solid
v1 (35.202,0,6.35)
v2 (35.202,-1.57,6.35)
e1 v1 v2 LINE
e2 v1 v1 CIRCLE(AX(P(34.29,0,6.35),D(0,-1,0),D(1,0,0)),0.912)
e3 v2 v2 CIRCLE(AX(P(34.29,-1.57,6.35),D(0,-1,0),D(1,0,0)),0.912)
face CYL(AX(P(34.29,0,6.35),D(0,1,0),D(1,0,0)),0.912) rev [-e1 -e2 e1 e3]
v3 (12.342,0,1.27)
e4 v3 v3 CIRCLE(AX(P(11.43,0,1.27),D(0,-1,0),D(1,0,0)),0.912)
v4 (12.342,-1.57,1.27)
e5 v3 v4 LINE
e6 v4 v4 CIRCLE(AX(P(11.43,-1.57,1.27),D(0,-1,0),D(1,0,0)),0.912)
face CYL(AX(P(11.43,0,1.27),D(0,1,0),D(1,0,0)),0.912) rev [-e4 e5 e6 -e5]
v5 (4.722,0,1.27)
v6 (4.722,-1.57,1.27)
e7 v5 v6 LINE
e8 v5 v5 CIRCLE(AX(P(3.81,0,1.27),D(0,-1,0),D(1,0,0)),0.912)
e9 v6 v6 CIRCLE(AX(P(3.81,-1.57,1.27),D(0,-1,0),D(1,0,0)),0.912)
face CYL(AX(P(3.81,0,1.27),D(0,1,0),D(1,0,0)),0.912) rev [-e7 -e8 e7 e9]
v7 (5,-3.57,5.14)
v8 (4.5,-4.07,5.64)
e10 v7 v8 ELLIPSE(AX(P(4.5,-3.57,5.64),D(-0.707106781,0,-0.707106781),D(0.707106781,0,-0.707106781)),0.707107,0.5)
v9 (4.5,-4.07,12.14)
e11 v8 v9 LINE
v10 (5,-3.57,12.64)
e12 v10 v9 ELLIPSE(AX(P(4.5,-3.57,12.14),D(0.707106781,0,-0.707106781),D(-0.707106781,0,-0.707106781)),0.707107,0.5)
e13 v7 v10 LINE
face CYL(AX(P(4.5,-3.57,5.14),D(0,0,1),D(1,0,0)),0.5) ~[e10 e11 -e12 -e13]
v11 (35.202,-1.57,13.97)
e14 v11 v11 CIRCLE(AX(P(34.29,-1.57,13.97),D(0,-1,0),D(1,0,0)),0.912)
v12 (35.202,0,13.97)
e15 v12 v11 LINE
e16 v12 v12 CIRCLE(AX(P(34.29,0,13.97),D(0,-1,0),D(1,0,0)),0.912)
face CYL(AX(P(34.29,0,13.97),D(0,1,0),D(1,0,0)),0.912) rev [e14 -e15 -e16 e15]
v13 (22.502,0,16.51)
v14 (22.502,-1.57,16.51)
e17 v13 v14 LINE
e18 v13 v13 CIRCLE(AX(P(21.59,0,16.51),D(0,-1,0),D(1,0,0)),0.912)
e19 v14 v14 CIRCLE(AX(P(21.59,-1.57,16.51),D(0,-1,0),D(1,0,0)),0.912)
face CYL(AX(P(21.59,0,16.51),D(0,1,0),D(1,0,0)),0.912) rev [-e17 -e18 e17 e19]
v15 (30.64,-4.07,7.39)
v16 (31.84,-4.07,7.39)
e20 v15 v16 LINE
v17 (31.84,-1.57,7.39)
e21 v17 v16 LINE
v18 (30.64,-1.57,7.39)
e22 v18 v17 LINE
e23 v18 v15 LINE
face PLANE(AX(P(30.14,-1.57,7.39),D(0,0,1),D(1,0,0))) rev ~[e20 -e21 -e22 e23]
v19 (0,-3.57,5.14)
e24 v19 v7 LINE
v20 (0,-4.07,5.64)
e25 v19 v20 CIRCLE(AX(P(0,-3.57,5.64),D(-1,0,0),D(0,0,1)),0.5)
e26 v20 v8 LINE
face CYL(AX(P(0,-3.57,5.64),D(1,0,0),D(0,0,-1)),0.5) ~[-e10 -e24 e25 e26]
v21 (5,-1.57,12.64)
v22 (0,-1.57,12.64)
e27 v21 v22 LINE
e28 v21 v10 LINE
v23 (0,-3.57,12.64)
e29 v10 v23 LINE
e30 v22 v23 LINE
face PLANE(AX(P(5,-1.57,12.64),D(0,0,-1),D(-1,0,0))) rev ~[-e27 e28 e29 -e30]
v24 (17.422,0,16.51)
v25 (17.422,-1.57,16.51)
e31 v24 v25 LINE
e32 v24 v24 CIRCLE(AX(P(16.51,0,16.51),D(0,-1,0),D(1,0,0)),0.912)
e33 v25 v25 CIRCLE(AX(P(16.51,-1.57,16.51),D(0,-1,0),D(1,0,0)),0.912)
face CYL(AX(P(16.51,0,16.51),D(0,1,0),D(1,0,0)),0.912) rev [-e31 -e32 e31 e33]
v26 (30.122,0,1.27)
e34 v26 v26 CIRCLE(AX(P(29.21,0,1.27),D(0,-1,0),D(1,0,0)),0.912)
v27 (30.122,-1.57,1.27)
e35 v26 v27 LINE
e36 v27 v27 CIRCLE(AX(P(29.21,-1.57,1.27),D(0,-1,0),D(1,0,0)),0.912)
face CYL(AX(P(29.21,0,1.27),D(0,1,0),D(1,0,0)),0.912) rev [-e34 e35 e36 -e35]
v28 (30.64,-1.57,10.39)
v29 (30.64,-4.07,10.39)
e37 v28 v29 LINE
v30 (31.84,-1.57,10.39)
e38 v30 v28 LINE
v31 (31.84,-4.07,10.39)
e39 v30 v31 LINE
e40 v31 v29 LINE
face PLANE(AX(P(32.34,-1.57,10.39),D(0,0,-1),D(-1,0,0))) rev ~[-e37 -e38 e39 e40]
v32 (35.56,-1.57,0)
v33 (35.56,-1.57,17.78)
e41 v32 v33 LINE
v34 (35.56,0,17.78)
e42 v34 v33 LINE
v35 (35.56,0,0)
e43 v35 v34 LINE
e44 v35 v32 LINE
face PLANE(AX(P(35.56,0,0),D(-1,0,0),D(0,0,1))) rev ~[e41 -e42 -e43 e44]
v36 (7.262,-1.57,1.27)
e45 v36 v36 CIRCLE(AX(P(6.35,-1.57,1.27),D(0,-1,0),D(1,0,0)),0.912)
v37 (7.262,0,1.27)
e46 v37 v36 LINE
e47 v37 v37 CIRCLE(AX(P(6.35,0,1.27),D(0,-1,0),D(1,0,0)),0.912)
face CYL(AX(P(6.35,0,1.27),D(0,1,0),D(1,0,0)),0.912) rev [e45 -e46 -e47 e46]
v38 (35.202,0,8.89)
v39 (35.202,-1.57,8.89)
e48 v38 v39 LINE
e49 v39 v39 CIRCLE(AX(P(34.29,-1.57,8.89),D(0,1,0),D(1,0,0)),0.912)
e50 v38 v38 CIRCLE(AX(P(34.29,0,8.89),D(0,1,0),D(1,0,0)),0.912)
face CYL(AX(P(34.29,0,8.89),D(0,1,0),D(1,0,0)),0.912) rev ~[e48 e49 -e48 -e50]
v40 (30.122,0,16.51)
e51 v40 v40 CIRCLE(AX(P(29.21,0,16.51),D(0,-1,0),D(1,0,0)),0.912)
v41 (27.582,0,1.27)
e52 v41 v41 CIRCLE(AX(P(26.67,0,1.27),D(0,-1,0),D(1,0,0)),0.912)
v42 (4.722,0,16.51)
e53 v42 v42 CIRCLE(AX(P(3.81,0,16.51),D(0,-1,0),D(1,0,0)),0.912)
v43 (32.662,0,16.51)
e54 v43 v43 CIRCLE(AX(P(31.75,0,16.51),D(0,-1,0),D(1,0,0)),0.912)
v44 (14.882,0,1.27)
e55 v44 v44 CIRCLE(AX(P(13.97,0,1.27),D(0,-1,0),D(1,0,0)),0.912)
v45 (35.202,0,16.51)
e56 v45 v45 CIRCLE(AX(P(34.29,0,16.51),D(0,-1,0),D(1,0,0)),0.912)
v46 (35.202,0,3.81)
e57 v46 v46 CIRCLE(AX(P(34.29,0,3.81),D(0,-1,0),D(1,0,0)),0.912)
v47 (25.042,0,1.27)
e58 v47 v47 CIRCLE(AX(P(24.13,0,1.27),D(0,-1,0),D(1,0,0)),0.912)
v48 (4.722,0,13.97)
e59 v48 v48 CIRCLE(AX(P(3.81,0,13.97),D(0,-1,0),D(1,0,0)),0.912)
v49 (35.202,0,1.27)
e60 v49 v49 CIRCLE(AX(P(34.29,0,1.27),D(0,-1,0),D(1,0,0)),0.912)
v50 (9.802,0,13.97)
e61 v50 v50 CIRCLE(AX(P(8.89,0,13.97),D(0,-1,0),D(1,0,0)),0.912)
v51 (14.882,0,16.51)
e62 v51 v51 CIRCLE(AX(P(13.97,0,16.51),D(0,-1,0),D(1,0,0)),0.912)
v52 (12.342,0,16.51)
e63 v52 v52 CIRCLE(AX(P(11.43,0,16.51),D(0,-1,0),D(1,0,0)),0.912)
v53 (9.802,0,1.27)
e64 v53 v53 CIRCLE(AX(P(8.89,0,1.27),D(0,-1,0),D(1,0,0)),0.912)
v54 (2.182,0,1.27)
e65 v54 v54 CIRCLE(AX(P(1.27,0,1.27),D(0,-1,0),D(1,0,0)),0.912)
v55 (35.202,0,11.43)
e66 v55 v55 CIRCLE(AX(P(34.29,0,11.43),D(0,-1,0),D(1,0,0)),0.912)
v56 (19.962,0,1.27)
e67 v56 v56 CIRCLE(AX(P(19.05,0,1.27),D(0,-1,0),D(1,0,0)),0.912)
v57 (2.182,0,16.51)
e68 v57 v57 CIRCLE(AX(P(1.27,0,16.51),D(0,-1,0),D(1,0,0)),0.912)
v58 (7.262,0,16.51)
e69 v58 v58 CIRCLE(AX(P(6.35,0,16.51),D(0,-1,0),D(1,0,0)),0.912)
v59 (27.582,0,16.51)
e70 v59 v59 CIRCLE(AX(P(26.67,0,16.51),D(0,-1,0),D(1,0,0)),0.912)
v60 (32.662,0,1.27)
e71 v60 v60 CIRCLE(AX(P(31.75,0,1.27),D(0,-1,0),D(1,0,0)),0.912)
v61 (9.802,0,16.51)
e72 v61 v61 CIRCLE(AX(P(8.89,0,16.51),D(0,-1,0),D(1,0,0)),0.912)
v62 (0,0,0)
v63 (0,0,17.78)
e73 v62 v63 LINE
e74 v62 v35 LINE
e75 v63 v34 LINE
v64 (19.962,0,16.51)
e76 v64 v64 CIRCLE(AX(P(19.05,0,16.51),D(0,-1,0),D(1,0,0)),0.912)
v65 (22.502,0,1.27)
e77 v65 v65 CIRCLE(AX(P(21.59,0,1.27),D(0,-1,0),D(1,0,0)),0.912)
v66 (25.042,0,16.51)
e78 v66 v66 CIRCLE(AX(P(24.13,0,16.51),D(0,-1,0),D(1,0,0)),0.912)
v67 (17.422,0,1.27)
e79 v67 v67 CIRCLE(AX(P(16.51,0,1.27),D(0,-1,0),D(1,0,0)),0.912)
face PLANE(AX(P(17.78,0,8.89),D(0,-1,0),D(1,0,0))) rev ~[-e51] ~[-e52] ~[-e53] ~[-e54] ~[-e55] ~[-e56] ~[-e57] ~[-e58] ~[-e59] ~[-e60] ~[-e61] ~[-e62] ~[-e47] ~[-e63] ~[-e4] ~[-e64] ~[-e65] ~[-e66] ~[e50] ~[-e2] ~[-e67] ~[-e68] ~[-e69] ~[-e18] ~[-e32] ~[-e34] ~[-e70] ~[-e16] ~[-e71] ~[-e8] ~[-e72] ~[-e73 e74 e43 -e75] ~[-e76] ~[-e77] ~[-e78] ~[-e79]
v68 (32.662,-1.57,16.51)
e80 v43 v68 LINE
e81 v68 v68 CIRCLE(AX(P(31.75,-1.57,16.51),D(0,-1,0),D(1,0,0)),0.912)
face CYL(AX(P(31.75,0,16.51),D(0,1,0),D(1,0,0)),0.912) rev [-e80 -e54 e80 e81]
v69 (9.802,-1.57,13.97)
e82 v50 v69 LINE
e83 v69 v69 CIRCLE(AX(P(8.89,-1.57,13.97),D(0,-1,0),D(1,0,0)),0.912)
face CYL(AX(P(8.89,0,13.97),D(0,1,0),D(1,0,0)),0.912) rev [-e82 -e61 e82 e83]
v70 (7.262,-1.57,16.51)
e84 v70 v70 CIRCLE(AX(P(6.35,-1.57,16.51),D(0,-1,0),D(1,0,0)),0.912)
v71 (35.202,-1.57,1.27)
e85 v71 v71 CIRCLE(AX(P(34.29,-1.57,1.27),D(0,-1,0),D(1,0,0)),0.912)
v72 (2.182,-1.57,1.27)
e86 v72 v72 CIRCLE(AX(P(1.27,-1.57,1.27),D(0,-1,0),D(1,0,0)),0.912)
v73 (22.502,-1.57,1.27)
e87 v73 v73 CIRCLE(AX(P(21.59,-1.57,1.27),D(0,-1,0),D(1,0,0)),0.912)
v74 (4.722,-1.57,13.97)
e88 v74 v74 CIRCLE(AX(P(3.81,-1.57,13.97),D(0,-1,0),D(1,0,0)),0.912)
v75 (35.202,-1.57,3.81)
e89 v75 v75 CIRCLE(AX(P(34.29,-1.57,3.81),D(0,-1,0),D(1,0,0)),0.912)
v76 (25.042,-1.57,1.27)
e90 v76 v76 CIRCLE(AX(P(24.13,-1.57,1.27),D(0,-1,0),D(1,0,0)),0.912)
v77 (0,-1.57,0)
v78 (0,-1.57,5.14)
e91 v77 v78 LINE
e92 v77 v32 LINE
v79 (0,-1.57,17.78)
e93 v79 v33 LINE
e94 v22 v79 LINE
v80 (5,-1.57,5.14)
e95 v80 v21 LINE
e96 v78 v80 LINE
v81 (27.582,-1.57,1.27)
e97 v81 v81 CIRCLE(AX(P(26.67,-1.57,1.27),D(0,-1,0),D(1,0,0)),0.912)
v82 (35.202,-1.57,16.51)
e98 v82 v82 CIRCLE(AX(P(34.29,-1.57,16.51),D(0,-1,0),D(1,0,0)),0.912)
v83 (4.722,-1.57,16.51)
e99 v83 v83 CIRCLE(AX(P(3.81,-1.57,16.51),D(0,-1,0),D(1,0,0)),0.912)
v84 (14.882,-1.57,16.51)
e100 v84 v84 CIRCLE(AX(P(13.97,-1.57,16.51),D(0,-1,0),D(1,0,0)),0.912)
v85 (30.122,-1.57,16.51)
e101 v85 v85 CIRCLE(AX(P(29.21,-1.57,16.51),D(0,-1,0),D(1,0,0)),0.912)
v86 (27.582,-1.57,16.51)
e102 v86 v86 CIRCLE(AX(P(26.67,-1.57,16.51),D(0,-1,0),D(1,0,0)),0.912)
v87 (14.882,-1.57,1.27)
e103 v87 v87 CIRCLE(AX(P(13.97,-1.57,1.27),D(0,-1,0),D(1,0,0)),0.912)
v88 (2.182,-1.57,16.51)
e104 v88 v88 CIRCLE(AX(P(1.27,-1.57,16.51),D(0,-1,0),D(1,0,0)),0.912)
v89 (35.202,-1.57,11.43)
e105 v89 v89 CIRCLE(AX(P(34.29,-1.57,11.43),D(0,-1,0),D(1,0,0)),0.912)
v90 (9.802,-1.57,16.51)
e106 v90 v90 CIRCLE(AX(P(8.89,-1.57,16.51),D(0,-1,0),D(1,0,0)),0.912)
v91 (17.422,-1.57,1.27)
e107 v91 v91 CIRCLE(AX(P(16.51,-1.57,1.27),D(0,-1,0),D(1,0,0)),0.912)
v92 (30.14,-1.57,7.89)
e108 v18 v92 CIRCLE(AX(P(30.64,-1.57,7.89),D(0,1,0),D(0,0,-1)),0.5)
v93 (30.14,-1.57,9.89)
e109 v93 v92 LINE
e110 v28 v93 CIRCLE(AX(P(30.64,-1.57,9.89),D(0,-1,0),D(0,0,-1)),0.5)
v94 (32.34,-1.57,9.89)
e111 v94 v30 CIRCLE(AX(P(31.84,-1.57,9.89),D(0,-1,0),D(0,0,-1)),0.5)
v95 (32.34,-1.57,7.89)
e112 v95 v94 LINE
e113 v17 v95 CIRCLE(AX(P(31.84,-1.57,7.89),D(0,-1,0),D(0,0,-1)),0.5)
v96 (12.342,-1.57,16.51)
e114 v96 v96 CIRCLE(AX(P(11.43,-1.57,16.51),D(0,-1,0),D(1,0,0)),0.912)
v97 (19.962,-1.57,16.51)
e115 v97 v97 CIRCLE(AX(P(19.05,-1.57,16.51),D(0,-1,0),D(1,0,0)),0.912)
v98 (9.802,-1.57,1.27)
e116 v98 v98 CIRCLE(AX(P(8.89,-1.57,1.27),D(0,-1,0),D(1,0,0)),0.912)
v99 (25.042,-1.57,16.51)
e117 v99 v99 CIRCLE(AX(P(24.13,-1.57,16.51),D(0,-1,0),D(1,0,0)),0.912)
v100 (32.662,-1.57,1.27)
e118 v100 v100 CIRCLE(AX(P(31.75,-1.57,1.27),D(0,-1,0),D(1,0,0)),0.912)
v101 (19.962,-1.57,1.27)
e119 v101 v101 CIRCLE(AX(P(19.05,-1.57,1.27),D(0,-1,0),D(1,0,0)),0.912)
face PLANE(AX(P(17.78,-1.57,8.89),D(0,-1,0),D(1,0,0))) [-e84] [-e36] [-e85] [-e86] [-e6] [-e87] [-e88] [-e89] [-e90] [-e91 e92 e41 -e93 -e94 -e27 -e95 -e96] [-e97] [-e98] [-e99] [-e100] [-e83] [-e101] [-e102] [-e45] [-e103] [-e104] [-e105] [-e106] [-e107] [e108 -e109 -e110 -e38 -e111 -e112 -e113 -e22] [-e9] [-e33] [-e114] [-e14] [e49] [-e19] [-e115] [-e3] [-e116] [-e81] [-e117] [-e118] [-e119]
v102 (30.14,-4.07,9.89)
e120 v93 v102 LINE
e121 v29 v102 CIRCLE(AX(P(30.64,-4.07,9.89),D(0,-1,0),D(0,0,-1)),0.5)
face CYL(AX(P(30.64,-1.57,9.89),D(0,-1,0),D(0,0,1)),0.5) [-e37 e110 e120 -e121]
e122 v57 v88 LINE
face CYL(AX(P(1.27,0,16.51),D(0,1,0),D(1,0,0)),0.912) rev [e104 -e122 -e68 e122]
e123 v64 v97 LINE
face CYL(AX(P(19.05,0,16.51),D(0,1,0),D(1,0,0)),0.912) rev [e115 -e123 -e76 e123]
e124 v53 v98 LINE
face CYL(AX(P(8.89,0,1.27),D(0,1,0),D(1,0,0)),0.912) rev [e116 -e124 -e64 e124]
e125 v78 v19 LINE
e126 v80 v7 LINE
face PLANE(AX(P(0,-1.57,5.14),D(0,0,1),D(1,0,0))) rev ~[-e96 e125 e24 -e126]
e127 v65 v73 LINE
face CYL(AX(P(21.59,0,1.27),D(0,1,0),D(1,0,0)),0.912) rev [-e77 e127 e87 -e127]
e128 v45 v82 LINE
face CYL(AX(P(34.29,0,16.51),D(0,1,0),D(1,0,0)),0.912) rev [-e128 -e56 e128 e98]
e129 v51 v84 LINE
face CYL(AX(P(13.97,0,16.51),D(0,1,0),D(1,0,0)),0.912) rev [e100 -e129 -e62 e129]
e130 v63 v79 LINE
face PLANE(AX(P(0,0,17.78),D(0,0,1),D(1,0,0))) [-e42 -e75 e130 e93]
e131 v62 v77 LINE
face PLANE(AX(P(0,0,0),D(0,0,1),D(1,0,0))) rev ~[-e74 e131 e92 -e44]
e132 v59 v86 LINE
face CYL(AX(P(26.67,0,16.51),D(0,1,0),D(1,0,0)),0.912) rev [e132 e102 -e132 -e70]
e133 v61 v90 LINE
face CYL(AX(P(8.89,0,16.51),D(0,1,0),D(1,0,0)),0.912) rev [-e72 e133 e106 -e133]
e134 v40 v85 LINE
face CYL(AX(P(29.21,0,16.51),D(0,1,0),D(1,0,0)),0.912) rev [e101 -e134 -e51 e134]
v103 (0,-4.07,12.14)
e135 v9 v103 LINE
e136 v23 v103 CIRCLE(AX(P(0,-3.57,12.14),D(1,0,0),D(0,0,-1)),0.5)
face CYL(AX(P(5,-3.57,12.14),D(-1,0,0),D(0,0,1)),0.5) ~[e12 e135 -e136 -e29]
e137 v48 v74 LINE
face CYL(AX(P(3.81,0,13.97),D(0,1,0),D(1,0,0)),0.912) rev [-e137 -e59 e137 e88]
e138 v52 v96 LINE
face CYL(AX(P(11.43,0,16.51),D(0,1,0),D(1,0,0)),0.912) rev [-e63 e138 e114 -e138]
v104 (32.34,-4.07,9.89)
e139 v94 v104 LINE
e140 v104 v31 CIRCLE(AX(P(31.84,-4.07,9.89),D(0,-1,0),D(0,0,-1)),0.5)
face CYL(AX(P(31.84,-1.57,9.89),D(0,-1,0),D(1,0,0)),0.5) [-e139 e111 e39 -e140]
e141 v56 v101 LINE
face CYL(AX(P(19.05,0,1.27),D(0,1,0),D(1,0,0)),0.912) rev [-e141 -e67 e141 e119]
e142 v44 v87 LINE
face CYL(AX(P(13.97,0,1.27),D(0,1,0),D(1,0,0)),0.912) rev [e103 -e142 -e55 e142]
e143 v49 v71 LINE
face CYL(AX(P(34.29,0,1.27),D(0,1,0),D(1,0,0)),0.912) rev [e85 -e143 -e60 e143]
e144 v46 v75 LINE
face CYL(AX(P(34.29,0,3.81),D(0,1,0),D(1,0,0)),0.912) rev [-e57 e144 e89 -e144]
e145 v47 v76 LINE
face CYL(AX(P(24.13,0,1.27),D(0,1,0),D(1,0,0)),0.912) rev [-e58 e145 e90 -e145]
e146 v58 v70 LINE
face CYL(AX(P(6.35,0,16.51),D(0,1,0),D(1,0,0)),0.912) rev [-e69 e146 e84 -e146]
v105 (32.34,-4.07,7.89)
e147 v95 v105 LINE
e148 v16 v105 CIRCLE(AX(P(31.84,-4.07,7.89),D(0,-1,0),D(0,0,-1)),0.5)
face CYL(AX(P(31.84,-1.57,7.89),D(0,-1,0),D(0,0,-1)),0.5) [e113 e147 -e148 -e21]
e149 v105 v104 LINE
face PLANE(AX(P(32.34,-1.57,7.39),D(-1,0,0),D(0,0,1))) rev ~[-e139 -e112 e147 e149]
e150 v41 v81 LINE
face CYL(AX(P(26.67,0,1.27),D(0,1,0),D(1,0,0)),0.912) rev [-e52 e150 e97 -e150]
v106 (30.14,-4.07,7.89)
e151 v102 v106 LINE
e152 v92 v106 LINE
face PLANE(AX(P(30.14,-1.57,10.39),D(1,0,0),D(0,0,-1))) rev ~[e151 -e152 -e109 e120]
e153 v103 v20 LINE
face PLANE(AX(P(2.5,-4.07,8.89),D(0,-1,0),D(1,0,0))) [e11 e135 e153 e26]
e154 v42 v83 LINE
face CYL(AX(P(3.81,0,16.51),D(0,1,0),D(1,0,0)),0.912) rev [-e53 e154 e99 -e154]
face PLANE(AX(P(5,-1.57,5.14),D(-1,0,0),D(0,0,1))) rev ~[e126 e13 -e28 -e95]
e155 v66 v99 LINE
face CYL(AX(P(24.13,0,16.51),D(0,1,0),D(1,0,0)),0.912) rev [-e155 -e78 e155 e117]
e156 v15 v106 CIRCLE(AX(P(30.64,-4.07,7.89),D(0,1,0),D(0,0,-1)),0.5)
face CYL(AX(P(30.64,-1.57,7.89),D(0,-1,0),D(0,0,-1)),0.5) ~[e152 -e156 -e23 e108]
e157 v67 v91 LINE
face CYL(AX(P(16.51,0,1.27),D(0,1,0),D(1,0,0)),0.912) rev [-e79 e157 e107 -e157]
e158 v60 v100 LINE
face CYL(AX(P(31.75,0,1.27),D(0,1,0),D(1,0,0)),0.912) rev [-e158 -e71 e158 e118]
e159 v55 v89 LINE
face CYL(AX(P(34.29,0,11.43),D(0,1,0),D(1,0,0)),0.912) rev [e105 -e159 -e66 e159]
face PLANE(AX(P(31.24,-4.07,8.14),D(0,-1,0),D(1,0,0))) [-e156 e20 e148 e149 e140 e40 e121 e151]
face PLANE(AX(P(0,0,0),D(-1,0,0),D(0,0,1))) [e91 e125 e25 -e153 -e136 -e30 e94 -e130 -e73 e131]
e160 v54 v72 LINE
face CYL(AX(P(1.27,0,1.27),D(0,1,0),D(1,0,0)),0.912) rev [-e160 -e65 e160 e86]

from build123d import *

# Parameters (mm, degrees)
F0_W     = 35.56
F0_H     = 17.78
F0_R     = 0.912
F1_DEPTH = 1.57
F3_DEPTH = 2.5
F4_R     = 0.5
F6_DEPTH = 2.5
F7_R     = 0.5


with BuildPart() as f1:
    # F0 (on Front) → F1 (new body)
    with BuildSketch(Plane.XZ):
        with Locations((17.78, 8.89)):
            Rectangle(F0_W, F0_H)
        with Locations((1.27, 1.27)):
            Circle(F0_R, mode=Mode.SUBTRACT)
        with Locations((3.81, 1.27)):
            Circle(F0_R, mode=Mode.SUBTRACT)
        with Locations((6.35, 1.27)):
            Circle(F0_R, mode=Mode.SUBTRACT)
        with Locations((8.89, 1.27)):
            Circle(F0_R, mode=Mode.SUBTRACT)
        with Locations((11.43, 1.27)):
            Circle(F0_R, mode=Mode.SUBTRACT)
        with Locations((13.97, 1.27)):
            Circle(F0_R, mode=Mode.SUBTRACT)
        with Locations((16.51, 1.27)):
            Circle(F0_R, mode=Mode.SUBTRACT)
        with Locations((19.05, 1.27)):
            Circle(F0_R, mode=Mode.SUBTRACT)
        with Locations((21.59, 1.27)):
            Circle(F0_R, mode=Mode.SUBTRACT)
        with Locations((24.13, 1.27)):
            Circle(F0_R, mode=Mode.SUBTRACT)
        with Locations((26.67, 1.27)):
            Circle(F0_R, mode=Mode.SUBTRACT)
        with Locations((29.21, 1.27)):
            Circle(F0_R, mode=Mode.SUBTRACT)
        with Locations((31.75, 1.27)):
            Circle(F0_R, mode=Mode.SUBTRACT)
        with Locations((34.29, 1.27)):
            Circle(F0_R, mode=Mode.SUBTRACT)
        with Locations((34.29, 3.81)):
            Circle(F0_R, mode=Mode.SUBTRACT)
        with Locations((34.29, 6.35)):
            Circle(F0_R, mode=Mode.SUBTRACT)
        with BuildLine():
            ThreePointArc((33.378, 8.89), (34.29, 9.802), (35.202, 8.89))
            ThreePointArc((35.202, 8.89), (34.29, 7.978), (33.378, 8.89))
        make_face(mode=Mode.SUBTRACT)
        with Locations((3.81, 13.97)):
            Circle(F0_R, mode=Mode.SUBTRACT)
        with Locations((8.89, 13.97)):
            Circle(F0_R, mode=Mode.SUBTRACT)
        with Locations((1.27, 16.51)):
            Circle(F0_R, mode=Mode.SUBTRACT)
        with Locations((3.81, 16.51)):
            Circle(F0_R, mode=Mode.SUBTRACT)
        with Locations((6.35, 16.51)):
            Circle(F0_R, mode=Mode.SUBTRACT)
        with Locations((8.89, 16.51)):
            Circle(F0_R, mode=Mode.SUBTRACT)
        with Locations((11.43, 16.51)):
            Circle(F0_R, mode=Mode.SUBTRACT)
        with Locations((13.97, 16.51)):
            Circle(F0_R, mode=Mode.SUBTRACT)
        with Locations((16.51, 16.51)):
            Circle(F0_R, mode=Mode.SUBTRACT)
        with Locations((34.29, 11.43)):
            Circle(F0_R, mode=Mode.SUBTRACT)
        with Locations((19.05, 16.51)):
            Circle(F0_R, mode=Mode.SUBTRACT)
        with Locations((21.59, 16.51)):
            Circle(F0_R, mode=Mode.SUBTRACT)
        with Locations((24.13, 16.51)):
            Circle(F0_R, mode=Mode.SUBTRACT)
        with Locations((34.29, 13.97)):
            Circle(F0_R, mode=Mode.SUBTRACT)
        with Locations((26.67, 16.51)):
            Circle(F0_R, mode=Mode.SUBTRACT)
        with Locations((29.21, 16.51)):
            Circle(F0_R, mode=Mode.SUBTRACT)
        with Locations((31.75, 16.51)):
            Circle(F0_R, mode=Mode.SUBTRACT)
        with Locations((34.29, 16.51)):
            Circle(F0_R, mode=Mode.SUBTRACT)
    extrude(amount=F1_DEPTH)

    # F2 (on face) → F3 (join)
    with BuildSketch(Plane.XZ.offset(1.57)):
        Polygon((5, 12.64), (0, 12.64), (0, 8.89), (0, 5.14), (5, 5.14), (5, 8.89), align=None)
    extrude(amount=F3_DEPTH)

    # F4
    f4_edges = [f1.edges().sort_by_distance(p)[0] for p in [
        (2.5, -4.07, 5.14),
        (2.5, -4.07, 12.64),
        (5, -4.07, 8.89),
    ]]
    fillet(f4_edges, radius=F4_R)

    # F5 (on face) → F6 (join)
    with BuildSketch(Plane.XZ.offset(1.57)):
        Polygon((31.24, 8.89), (30.14, 8.89), (30.14, 7.39), (31.24, 7.39), (32.34, 7.39), (32.34, 8.89), align=None)
        Polygon((30.14, 10.39), (30.14, 8.89), (31.24, 8.89), (32.34, 8.89), (32.34, 10.39), (31.24, 10.39), align=None)
    extrude(amount=F6_DEPTH)

    # F7
    f7_edges = [f1.edges().sort_by_distance(p)[0] for p in [
        (30.14, -2.82, 7.39),
        (32.34, -2.82, 7.39),
        (30.14, -2.82, 10.39),
        (32.34, -2.82, 10.39),
    ]]
    fillet(f7_edges, radius=F7_R)


solid = f1.part
